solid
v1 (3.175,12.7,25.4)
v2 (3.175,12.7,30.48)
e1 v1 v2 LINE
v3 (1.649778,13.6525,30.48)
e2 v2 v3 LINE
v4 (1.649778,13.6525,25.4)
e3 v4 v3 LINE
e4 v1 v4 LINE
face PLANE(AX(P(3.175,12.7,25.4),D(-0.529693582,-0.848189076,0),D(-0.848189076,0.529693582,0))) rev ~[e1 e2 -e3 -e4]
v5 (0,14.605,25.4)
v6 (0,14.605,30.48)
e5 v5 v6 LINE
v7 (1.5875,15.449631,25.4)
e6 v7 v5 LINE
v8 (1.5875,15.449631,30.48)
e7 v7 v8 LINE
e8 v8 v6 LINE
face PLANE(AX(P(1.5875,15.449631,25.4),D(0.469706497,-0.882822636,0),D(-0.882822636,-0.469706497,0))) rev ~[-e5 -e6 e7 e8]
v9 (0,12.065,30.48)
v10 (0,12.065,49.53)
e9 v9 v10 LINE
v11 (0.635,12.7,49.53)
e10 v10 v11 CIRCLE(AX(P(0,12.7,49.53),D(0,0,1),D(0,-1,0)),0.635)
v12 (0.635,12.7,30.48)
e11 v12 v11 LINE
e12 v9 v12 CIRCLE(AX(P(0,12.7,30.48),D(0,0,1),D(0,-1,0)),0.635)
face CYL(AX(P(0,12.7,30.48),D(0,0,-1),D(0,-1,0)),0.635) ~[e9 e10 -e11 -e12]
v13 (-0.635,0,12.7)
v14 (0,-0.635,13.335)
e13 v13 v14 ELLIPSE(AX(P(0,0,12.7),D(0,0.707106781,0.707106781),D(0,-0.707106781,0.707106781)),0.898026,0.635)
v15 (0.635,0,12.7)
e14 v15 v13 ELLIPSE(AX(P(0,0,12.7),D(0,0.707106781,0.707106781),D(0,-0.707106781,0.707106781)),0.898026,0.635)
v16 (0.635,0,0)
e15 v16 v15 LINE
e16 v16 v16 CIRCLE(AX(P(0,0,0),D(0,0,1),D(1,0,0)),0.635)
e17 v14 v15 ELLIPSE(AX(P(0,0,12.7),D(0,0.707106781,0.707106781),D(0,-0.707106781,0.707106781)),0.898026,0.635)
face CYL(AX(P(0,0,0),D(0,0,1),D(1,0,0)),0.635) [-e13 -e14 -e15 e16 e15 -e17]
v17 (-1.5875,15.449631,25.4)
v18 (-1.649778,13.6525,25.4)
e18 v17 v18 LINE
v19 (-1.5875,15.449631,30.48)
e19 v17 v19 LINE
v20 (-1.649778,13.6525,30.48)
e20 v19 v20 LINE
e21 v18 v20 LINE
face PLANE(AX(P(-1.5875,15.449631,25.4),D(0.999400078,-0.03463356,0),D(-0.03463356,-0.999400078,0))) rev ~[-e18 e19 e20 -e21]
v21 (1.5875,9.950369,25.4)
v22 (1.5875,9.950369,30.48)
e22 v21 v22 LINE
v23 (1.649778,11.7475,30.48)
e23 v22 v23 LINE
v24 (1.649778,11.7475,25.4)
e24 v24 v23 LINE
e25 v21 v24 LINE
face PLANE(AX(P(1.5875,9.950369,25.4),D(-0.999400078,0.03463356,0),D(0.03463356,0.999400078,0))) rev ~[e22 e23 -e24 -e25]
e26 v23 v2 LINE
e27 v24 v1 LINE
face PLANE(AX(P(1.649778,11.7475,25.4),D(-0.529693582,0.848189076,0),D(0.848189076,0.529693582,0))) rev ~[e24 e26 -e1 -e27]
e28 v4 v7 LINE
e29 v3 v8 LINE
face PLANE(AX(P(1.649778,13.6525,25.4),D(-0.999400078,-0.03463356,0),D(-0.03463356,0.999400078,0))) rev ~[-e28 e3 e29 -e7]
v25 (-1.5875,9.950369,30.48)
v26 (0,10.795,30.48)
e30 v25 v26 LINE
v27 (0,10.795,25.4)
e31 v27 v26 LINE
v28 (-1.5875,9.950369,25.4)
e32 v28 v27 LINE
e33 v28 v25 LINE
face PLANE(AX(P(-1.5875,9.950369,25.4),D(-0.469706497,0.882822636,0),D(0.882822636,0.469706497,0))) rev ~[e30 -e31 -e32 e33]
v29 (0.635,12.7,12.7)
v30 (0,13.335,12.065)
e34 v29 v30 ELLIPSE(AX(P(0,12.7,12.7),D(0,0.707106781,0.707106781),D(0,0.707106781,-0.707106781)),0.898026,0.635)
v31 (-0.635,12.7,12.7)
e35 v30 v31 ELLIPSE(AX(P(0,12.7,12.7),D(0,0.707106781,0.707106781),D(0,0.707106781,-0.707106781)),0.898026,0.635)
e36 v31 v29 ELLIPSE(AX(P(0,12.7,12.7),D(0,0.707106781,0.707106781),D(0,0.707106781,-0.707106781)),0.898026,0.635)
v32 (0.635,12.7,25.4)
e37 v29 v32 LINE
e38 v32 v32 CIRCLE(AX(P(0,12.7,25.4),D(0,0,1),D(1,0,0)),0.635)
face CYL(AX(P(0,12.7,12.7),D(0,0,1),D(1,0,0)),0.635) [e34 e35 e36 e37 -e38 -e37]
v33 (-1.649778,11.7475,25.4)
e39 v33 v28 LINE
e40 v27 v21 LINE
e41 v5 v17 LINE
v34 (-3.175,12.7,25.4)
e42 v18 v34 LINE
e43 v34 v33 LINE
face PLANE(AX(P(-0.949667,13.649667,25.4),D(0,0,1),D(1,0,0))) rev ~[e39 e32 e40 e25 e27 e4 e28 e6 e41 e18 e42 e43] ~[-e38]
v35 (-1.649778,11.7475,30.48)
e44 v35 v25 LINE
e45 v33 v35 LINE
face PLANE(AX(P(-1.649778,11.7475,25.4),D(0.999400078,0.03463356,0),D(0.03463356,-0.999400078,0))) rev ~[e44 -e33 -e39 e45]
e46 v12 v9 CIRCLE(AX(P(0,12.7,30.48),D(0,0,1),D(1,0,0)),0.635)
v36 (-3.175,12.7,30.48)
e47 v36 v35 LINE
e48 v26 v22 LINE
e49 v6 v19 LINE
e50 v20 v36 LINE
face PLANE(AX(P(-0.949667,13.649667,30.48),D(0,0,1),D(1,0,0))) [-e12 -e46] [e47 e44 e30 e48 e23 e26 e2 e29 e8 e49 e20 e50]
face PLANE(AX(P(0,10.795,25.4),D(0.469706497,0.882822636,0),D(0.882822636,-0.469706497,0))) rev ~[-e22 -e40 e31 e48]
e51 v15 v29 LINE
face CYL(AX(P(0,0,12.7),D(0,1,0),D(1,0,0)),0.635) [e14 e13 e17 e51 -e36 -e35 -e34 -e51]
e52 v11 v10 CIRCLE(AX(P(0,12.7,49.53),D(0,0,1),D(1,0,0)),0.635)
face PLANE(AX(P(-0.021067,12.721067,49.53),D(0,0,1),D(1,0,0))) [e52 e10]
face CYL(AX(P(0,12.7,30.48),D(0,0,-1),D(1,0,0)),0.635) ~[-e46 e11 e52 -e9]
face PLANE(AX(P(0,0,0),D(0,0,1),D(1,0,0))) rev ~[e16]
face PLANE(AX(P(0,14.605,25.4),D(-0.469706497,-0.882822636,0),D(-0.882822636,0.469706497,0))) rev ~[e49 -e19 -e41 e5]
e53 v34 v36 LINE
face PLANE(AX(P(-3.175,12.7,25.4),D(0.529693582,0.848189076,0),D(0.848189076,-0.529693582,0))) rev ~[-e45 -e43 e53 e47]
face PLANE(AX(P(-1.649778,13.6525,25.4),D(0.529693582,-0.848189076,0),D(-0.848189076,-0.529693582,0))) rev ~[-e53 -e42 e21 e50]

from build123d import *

# Parameters (mm, degrees)
F0_R     = 0.635
F4_DEPTH = 5.08
F6_DEPTH = 19.05


with BuildPart() as f2:
    # F2: sweep along a path in F1
    with BuildLine(Plane.YZ) as f2_path:
        Line((0, 0), (0, 12.7))
        Line((0, 12.7), (12.7, 12.7))
        Line((12.7, 12.7), (12.7, 25.4))
    # F0 (on Top) → F2 (sweep)
    with BuildSketch(Plane.XY):
        Circle(F0_R)
    sweep(path=f2_path.line, transition=Transition.RIGHT)

    # F3 (on face) → F4 (join)
    with BuildSketch(Plane.XY.offset(25.4)):
        with BuildLine():
            ThreePointArc((-0.9525, 14.3497783942), (-1.3470384182, 14.0470384182), (-1.6497783942, 13.6525))
            Line((-1.6497783942, 13.6525), (-0.5499261314, 13.0175))
            ThreePointArc((-0.5499261314, 13.0175), (-0.4490128061, 13.1490128061), (-0.3175, 13.2499261314))
            Line((-0.3175, 13.2499261314), (-0.9525, 14.3497783942))
        make_face()
        with BuildLine():
            ThreePointArc((-0.3175, 13.2499261314), (-0.1643500936, 13.3133628997), (0, 13.335))
            Line((0, 13.335), (0, 14.605))
            ThreePointArc((0, 14.605), (-0.4930502809, 14.5400886991), (-0.9525, 14.3497783942))
            Line((-0.9525, 14.3497783942), (-0.3175, 13.2499261314))
        make_face()
        with BuildLine():
            Line((0, 14.605), (-1.5875, 15.449630657))
            Line((-1.5875, 15.449630657), (-0.9525, 14.3497783942))
            ThreePointArc((-0.9525, 14.3497783942), (-0.4930502809, 14.5400886991), (0, 14.605))
        make_face()
        with BuildLine():
            Line((-0.9525, 14.3497783942), (-1.5875, 15.449630657))
            Line((-1.5875, 15.449630657), (-1.6497783942, 13.6525))
            ThreePointArc((-1.6497783942, 13.6525), (-1.3470384182, 14.0470384182), (-0.9525, 14.3497783942))
        make_face()
        with BuildLine():
            Line((-0.3175, 13.2499261314), (0, 12.7))
            Line((0, 12.7), (0, 13.335))
            ThreePointArc((0, 13.335), (-0.1643500936, 13.3133628997), (-0.3175, 13.2499261314))
        make_face()
        with BuildLine():
            Line((-0.5499261314, 12.3825), (0, 12.7))
            Line((0, 12.7), (-0.635, 12.7))
            ThreePointArc((-0.635, 12.7), (-0.6133628997, 12.5356499064), (-0.5499261314, 12.3825))
        make_face()
        with BuildLine():
            Line((-0.635, 12.7), (0, 12.7))
            Line((0, 12.7), (-0.5499261314, 13.0175))
            ThreePointArc((-0.5499261314, 13.0175), (-0.6133628997, 12.8643500936), (-0.635, 12.7))
        make_face()
        with BuildLine():
            Line((-0.5499261314, 13.0175), (0, 12.7))
            Line((0, 12.7), (-0.3175, 13.2499261314))
            ThreePointArc((-0.3175, 13.2499261314), (-0.4490128061, 13.1490128061), (-0.5499261314, 13.0175))
        make_face()
        with BuildLine():
            Line((-0.3175, 12.1500738686), (0, 12.7))
            Line((0, 12.7), (-0.5499261314, 12.3825))
            ThreePointArc((-0.5499261314, 12.3825), (-0.4490128061, 12.2509871939), (-0.3175, 12.1500738686))
        make_face()
        with BuildLine():
            Line((0, 12.7), (0, 12.065))
            ThreePointArc((0, 12.065), (0.1643500936, 12.0866371003), (0.3175, 12.1500738686))
            Line((0.3175, 12.1500738686), (0, 12.7))
        make_face()
        with BuildLine():
            Line((0.5499261314, 12.3825), (0, 12.7))
            Line((0, 12.7), (0.3175, 12.1500738686))
            ThreePointArc((0.3175, 12.1500738686), (0.4490128061, 12.2509871939), (0.5499261314, 12.3825))
        make_face()
        with BuildLine():
            Line((0.635, 12.7), (0, 12.7))
            Line((0, 12.7), (0.5499261314, 12.3825))
            ThreePointArc((0.5499261314, 12.3825), (0.6133628997, 12.5356499064), (0.635, 12.7))
        make_face()
        with BuildLine():
            Line((0.5499261314, 13.0175), (0, 12.7))
            Line((0, 12.7), (0.635, 12.7))
            ThreePointArc((0.635, 12.7), (0.6133628997, 12.8643500936), (0.5499261314, 13.0175))
        make_face()
        with BuildLine():
            Line((0.3175, 13.2499261314), (0, 12.7))
            Line((0, 12.7), (0.5499261314, 13.0175))
            ThreePointArc((0.5499261314, 13.0175), (0.4490128061, 13.1490128061), (0.3175, 13.2499261314))
        make_face()
        with BuildLine():
            Line((0, 13.335), (0, 12.7))
            Line((0, 12.7), (0.3175, 13.2499261314))
            ThreePointArc((0.3175, 13.2499261314), (0.1643500936, 13.3133628997), (0, 13.335))
        make_face()
        with BuildLine():
            ThreePointArc((-0.3175, 12.1500738686), (-0.1643500936, 12.0866371003), (0, 12.065))
            Line((0, 12.065), (0, 12.7))
            Line((0, 12.7), (-0.3175, 12.1500738686))
        make_face()
        with BuildLine():
            ThreePointArc((0, 13.335), (0.1643500936, 13.3133628997), (0.3175, 13.2499261314))
            Line((0.3175, 13.2499261314), (0.9525, 14.3497783942))
            ThreePointArc((0.9525, 14.3497783942), (0.4930502809, 14.5400886991), (0, 14.605))
            Line((0, 14.605), (0, 13.335))
        make_face()
        with BuildLine():
            Line((0.5499261314, 13.0175), (1.6497783942, 13.6525))
            ThreePointArc((1.6497783942, 13.6525), (1.3470384182, 14.0470384182), (0.9525, 14.3497783942))
            Line((0.9525, 14.3497783942), (0.3175, 13.2499261314))
            ThreePointArc((0.3175, 13.2499261314), (0.4490128061, 13.1490128061), (0.5499261314, 13.0175))
        make_face()
        with BuildLine():
            Line((0.9525, 14.3497783942), (1.5875, 15.449630657))
            Line((1.5875, 15.449630657), (0, 14.605))
            ThreePointArc((0, 14.605), (0.4930502809, 14.5400886991), (0.9525, 14.3497783942))
        make_face()
        with BuildLine():
            Line((1.6497783942, 13.6525), (1.5875, 15.449630657))
            Line((1.5875, 15.449630657), (0.9525, 14.3497783942))
            ThreePointArc((0.9525, 14.3497783942), (1.3470384182, 14.0470384182), (1.6497783942, 13.6525))
        make_face()
        with BuildLine():
            Line((0.635, 12.7), (1.905, 12.7))
            ThreePointArc((1.905, 12.7), (1.8400886991, 13.1930502809), (1.6497783942, 13.6525))
            Line((1.6497783942, 13.6525), (0.5499261314, 13.0175))
            ThreePointArc((0.5499261314, 13.0175), (0.6133628997, 12.8643500936), (0.635, 12.7))
        make_face()
        with BuildLine():
            Line((0.5499261314, 12.3825), (1.6497783942, 11.7475))
            ThreePointArc((1.6497783942, 11.7475), (1.8400886991, 12.2069497191), (1.905, 12.7))
            Line((1.905, 12.7), (0.635, 12.7))
            ThreePointArc((0.635, 12.7), (0.6133628997, 12.5356499064), (0.5499261314, 12.3825))
        make_face()
        with BuildLine():
            Line((0.3175, 12.1500738686), (0.9525, 11.0502216058))
            ThreePointArc((0.9525, 11.0502216058), (1.3470384182, 11.3529615818), (1.6497783942, 11.7475))
            Line((1.6497783942, 11.7475), (0.5499261314, 12.3825))
            ThreePointArc((0.5499261314, 12.3825), (0.4490128061, 12.2509871939), (0.3175, 12.1500738686))
        make_face()
        with BuildLine():
            Line((0, 12.065), (0, 10.795))
            ThreePointArc((0, 10.795), (0.4930502809, 10.8599113009), (0.9525, 11.0502216058))
            Line((0.9525, 11.0502216058), (0.3175, 12.1500738686))
            ThreePointArc((0.3175, 12.1500738686), (0.1643500936, 12.0866371003), (0, 12.065))
        make_face()
        with BuildLine():
            ThreePointArc((-0.9525, 11.0502216058), (-0.4930502809, 10.8599113009), (0, 10.795))
            Line((0, 10.795), (0, 12.065))
            ThreePointArc((0, 12.065), (-0.1643500936, 12.0866371003), (-0.3175, 12.1500738686))
            Line((-0.3175, 12.1500738686), (-0.9525, 11.0502216058))
        make_face()
        with BuildLine():
            ThreePointArc((-1.6497783942, 11.7475), (-1.3470384182, 11.3529615818), (-0.9525, 11.0502216058))
            Line((-0.9525, 11.0502216058), (-0.3175, 12.1500738686))
            ThreePointArc((-0.3175, 12.1500738686), (-0.4490128061, 12.2509871939), (-0.5499261314, 12.3825))
            Line((-0.5499261314, 12.3825), (-1.6497783942, 11.7475))
        make_face()
        with BuildLine():
            ThreePointArc((-1.905, 12.7), (-1.8400886991, 12.2069497191), (-1.6497783942, 11.7475))
            Line((-1.6497783942, 11.7475), (-0.5499261314, 12.3825))
            ThreePointArc((-0.5499261314, 12.3825), (-0.6133628997, 12.5356499064), (-0.635, 12.7))
            Line((-0.635, 12.7), (-1.905, 12.7))
        make_face()
        with BuildLine():
            ThreePointArc((-1.6497783942, 13.6525), (-1.8400886991, 13.1930502809), (-1.905, 12.7))
            Line((-1.905, 12.7), (-0.635, 12.7))
            ThreePointArc((-0.635, 12.7), (-0.6133628997, 12.8643500936), (-0.5499261314, 13.0175))
            Line((-0.5499261314, 13.0175), (-1.6497783942, 13.6525))
        make_face()
        with BuildLine():
            Line((-1.6497783942, 13.6525), (-3.175, 12.7))
            Line((-3.175, 12.7), (-1.905, 12.7))
            ThreePointArc((-1.905, 12.7), (-1.8400886991, 13.1930502809), (-1.6497783942, 13.6525))
        make_face()
        with BuildLine():
            Line((-1.905, 12.7), (-3.175, 12.7))
            Line((-3.175, 12.7), (-1.6497783942, 11.7475))
            ThreePointArc((-1.6497783942, 11.7475), (-1.8400886991, 12.2069497191), (-1.905, 12.7))
        make_face()
        with BuildLine():
            Line((-1.6497783942, 11.7475), (-1.5875, 9.950369343))
            Line((-1.5875, 9.950369343), (-0.9525, 11.0502216058))
            ThreePointArc((-0.9525, 11.0502216058), (-1.3470384182, 11.3529615818), (-1.6497783942, 11.7475))
        make_face()
        with BuildLine():
            Line((-1.5875, 9.950369343), (0, 10.795))
            ThreePointArc((0, 10.795), (-0.4930502809, 10.8599113009), (-0.9525, 11.0502216058))
            Line((-0.9525, 11.0502216058), (-1.5875, 9.950369343))
        make_face()
        with BuildLine():
            ThreePointArc((0.9525, 11.0502216058), (0.4930502809, 10.8599113009), (0, 10.795))
            Line((0, 10.795), (1.5875, 9.950369343))
            Line((1.5875, 9.950369343), (0.9525, 11.0502216058))
        make_face()
        with BuildLine():
            Line((0.9525, 11.0502216058), (1.5875, 9.950369343))
            Line((1.5875, 9.950369343), (1.6497783942, 11.7475))
            ThreePointArc((1.6497783942, 11.7475), (1.3470384182, 11.3529615818), (0.9525, 11.0502216058))
        make_face()
        with BuildLine():
            Line((1.6497783942, 11.7475), (3.175, 12.7))
            Line((3.175, 12.7), (1.905, 12.7))
            ThreePointArc((1.905, 12.7), (1.8400886991, 12.2069497191), (1.6497783942, 11.7475))
        make_face()
        with BuildLine():
            Line((1.905, 12.7), (3.175, 12.7))
            Line((3.175, 12.7), (1.6497783942, 13.6525))
            ThreePointArc((1.6497783942, 13.6525), (1.8400886991, 13.1930502809), (1.905, 12.7))
        make_face()
    extrude(amount=F4_DEPTH)

    # F5 (on face) → F6 (join)
    with BuildSketch(Plane.XY.offset(30.48)):
        with BuildLine():
            ThreePointArc((0.635, 12.7), (-0.4490128061, 13.1490128061), (0, 12.065))
            Line((0, 12.065), (0, 12.7))
            Line((0, 12.7), (0.635, 12.7))
        make_face()
        with BuildLine():
            Line((0, 12.7), (0, 12.065))
            ThreePointArc((0, 12.065), (0.4490128061, 12.2509871939), (0.635, 12.7))
            Line((0.635, 12.7), (0, 12.7))
        make_face()
    extrude(amount=F6_DEPTH)


solid = f2.part
